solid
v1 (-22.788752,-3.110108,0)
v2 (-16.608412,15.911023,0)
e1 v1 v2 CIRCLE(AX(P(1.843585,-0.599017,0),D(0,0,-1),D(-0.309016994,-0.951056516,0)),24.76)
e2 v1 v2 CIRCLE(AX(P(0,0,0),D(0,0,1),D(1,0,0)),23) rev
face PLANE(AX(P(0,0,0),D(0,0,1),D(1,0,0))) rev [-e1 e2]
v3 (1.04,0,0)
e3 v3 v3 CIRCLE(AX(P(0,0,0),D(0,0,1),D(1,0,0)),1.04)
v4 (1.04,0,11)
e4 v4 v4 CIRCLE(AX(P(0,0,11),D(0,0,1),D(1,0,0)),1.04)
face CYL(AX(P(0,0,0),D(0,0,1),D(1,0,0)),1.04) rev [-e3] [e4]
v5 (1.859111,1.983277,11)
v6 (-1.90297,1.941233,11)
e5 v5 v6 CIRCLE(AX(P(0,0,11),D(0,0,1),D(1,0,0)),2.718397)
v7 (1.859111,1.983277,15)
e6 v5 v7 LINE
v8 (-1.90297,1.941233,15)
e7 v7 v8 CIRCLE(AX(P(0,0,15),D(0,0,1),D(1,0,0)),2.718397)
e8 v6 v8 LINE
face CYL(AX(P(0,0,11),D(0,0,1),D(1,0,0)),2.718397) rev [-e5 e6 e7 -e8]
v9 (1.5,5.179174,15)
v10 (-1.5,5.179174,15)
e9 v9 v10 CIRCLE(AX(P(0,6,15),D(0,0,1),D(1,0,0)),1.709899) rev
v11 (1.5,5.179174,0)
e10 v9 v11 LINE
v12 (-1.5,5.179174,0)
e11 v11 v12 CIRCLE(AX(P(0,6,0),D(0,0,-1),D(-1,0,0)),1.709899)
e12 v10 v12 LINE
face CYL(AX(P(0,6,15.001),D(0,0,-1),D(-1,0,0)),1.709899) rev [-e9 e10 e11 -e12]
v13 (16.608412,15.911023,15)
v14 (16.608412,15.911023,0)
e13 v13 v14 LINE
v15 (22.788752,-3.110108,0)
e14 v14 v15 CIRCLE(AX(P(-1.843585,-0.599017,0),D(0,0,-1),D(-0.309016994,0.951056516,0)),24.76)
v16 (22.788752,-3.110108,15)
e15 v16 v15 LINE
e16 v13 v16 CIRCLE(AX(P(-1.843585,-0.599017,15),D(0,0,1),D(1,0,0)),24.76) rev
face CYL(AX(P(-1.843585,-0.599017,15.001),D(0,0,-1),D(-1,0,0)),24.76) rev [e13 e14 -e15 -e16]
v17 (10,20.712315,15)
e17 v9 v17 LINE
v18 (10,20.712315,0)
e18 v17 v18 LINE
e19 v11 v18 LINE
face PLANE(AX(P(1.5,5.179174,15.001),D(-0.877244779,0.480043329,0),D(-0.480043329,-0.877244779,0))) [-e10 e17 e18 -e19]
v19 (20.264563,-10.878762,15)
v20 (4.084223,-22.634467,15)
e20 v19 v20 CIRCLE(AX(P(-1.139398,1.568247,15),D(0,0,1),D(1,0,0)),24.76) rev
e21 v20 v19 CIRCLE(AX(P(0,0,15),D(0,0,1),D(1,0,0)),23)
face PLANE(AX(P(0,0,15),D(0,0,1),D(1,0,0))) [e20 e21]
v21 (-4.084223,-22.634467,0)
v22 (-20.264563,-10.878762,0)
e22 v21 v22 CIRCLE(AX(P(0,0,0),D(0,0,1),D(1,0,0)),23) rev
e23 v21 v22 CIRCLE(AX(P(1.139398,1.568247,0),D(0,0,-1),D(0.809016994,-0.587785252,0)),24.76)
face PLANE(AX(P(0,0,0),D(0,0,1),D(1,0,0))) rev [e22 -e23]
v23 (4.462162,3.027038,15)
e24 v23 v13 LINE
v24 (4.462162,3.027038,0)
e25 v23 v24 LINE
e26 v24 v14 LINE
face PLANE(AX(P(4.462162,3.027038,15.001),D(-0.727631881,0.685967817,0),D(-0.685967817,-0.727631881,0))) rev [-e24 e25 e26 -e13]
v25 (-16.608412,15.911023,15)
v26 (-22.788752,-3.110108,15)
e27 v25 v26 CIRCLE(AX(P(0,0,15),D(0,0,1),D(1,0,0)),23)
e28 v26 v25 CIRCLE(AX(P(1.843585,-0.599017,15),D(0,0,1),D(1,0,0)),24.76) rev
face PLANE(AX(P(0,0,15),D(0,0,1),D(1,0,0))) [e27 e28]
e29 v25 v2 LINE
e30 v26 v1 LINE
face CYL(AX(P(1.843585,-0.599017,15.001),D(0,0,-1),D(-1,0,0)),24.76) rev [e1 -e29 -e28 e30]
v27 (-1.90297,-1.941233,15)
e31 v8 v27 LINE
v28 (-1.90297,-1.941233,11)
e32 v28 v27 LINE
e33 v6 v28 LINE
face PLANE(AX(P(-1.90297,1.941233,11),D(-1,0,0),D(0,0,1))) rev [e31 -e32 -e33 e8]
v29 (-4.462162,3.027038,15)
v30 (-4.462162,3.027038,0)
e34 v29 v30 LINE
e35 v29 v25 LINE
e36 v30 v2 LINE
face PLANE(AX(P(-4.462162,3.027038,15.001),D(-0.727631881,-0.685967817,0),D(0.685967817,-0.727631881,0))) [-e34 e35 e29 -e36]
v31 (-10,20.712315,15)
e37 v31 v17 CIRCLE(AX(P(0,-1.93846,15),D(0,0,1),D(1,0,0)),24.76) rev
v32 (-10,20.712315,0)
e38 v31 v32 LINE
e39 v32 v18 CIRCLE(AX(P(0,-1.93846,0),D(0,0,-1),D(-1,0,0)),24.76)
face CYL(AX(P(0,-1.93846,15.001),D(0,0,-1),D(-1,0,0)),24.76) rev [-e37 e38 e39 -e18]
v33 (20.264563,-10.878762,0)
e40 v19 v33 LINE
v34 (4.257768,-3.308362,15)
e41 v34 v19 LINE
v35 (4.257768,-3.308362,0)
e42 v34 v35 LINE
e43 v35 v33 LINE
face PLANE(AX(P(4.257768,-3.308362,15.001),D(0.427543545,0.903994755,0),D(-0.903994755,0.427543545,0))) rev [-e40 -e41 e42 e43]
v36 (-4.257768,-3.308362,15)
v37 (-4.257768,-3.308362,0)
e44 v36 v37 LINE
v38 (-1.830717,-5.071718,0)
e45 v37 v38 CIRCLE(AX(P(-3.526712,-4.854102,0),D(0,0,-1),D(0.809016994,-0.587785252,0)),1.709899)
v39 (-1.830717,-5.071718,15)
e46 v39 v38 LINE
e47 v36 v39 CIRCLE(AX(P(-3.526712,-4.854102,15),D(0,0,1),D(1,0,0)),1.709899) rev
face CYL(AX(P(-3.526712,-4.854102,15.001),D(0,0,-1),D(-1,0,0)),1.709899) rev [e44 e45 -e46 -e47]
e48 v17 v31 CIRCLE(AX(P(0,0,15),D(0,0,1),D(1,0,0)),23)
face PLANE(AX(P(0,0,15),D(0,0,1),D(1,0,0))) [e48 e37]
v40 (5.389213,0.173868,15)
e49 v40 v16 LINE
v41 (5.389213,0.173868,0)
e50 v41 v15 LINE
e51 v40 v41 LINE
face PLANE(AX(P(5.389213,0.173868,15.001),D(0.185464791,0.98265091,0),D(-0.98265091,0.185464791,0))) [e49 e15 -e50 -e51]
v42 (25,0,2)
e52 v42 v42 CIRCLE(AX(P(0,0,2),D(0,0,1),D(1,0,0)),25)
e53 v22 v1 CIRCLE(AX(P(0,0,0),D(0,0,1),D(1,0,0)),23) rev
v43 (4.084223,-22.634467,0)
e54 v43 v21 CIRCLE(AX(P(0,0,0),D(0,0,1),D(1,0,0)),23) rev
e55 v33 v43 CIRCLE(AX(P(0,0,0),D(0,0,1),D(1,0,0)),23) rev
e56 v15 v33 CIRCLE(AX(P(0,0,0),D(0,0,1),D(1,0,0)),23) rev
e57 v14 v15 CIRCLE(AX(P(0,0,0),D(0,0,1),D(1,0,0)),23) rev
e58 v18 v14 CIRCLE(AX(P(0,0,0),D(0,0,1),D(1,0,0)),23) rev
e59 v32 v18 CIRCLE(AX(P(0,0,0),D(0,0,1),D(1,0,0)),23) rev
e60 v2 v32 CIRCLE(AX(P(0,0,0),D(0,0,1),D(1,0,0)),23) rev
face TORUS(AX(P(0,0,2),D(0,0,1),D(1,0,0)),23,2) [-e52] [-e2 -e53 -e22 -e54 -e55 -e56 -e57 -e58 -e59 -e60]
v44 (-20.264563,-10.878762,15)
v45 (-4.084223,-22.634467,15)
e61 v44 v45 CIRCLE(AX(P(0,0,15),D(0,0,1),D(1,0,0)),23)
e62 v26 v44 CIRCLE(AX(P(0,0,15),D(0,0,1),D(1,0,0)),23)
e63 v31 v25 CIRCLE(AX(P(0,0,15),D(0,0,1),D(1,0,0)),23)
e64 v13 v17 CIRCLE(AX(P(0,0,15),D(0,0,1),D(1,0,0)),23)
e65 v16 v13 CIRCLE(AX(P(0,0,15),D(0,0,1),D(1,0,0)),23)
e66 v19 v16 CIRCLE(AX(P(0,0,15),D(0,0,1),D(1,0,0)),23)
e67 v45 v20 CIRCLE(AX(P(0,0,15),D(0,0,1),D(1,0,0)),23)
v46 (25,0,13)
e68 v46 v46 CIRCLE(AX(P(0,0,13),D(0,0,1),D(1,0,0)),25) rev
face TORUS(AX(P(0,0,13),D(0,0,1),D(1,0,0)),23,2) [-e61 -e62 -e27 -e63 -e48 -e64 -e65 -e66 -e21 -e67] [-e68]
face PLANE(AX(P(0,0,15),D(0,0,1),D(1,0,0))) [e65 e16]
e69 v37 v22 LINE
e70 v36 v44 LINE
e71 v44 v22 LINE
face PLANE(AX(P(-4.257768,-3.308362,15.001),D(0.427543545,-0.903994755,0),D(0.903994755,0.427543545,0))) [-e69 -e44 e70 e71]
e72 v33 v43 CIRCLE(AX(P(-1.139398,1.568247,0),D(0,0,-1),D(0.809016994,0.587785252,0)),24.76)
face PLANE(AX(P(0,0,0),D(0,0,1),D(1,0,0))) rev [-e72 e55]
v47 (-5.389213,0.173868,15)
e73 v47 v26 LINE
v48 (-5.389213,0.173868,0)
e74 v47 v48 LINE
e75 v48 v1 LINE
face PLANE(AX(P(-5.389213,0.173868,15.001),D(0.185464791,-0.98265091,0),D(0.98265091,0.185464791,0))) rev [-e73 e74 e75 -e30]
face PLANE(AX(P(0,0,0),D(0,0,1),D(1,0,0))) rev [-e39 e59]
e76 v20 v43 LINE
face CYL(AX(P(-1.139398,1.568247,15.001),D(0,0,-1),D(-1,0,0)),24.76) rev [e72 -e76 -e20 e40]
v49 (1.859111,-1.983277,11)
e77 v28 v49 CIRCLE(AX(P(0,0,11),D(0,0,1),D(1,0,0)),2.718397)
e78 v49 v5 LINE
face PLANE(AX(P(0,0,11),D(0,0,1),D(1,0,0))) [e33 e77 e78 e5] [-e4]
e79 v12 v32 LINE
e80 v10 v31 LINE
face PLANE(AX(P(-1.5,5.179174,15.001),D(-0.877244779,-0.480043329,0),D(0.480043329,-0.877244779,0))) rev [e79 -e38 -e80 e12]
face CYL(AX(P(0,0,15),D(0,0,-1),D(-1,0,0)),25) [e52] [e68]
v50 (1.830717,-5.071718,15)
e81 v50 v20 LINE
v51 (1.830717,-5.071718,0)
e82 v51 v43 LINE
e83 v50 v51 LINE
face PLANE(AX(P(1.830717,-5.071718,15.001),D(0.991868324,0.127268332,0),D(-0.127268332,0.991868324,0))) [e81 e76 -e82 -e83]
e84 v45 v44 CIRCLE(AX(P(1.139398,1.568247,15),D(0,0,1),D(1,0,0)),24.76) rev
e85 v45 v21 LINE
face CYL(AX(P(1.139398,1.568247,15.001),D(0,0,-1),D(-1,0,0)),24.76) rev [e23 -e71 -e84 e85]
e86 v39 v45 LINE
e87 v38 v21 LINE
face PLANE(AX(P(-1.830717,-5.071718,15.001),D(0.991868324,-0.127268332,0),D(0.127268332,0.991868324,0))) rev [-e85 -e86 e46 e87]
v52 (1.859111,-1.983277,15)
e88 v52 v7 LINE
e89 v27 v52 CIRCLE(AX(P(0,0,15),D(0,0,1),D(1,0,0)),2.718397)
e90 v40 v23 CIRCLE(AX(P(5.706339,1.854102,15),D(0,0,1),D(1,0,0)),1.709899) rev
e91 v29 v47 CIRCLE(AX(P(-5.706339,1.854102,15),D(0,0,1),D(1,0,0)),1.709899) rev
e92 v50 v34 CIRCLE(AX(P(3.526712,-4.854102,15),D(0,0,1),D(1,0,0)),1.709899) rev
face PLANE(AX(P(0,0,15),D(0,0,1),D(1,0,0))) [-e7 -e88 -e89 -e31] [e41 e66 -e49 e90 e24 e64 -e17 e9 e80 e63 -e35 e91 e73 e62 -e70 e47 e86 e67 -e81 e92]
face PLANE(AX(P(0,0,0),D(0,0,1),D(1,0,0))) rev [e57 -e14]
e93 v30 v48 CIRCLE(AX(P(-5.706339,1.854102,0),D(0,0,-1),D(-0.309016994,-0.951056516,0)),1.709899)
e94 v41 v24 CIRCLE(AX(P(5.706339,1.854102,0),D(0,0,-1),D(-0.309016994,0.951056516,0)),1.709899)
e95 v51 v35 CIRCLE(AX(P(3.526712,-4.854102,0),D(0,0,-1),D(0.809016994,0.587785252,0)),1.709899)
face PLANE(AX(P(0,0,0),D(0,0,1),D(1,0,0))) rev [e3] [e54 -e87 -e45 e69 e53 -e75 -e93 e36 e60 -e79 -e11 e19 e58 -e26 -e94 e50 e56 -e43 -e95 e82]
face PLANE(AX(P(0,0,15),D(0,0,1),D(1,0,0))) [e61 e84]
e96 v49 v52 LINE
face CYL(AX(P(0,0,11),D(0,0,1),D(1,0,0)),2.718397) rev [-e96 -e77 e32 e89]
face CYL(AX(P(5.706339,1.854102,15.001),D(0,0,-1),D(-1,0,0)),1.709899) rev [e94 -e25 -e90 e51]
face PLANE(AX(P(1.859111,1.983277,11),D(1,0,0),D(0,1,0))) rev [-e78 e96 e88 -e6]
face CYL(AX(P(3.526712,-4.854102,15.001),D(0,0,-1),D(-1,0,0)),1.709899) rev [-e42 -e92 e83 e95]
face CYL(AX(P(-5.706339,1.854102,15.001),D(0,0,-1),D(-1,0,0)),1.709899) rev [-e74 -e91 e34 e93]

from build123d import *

# Parameters (mm, degrees)
SKETCH1_R           = 25
BOSS_EXTRUDE1_DEPTH = 15
FILLET1_R           = 2
CUT_EXTRUDE1_DEPTH  = 4
SKETCH7_R           = 1.04
CUT_EXTRUDE2_DEPTH  = 39.405728804
CUT_EXTRUDE3_REACH  = 40.406
CIRPATTERN1_COUNT   = 5


with BuildPart() as part:
    # Sketch1 → Boss-Extrude1 (new body)
    with BuildSketch(Plane.XY):
        Circle(SKETCH1_R)
    extrude(amount=BOSS_EXTRUDE1_DEPTH)

    # Fillet1
    fillet1_edges = [part.edges().sort_by_distance(p)[0] for p in [
        (-25, 0, 0),
        (-25, 0, 15),
    ]]
    fillet(fillet1_edges, radius=FILLET1_R)

    # Sketch4 → Cut-Extrude1 (cut)
    with BuildSketch(Plane.XY.offset(15)):
        with BuildLine():
            Line((-1.902969848, 1.941233493), (-1.902969848, -1.941233493))
            ThreePointArc((-1.902969848, -1.941233493), (-0.030378036, -2.71822716), (1.859110772, -1.983277302))
            Line((1.859110772, -1.983277302), (1.859110772, 1.983277302))
            ThreePointArc((1.859110772, 1.983277302), (-0.030378036, 2.71822716), (-1.902969848, 1.941233493))
        make_face()
    extrude(amount=-CUT_EXTRUDE1_DEPTH, mode=Mode.SUBTRACT)

    # Sketch7 → Cut-Extrude2 (cut, through all)
    with BuildSketch(Plane.XY.offset(15)):
        Circle(SKETCH7_R)
    extrude(amount=-CUT_EXTRUDE2_DEPTH, mode=Mode.SUBTRACT)

    # Sketch8 → Cut-Extrude3 (cut, up to next)
    with BuildSketch(Plane(origin=(0, 0, 0), x_dir=(-1, 0, 0), z_dir=(0, 0, -1)), mode=Mode.PRIVATE) as cut_extrude3_sk1:
        with BuildLine():
            Line((-1.5, 5.179174375), (-10, 20.712315177))
            ThreePointArc((-10, 20.712315177), (0, 22.821540356), (10, 20.712315177))
            Line((10, 20.712315177), (1.5, 5.179174375))
            ThreePointArc((1.5, 5.179174375), (0, 4.290100966), (-1.5, 5.179174375))
        make_face()
    cut_extrude3_tool1 = extrude(cut_extrude3_sk1.sketch, amount=-CUT_EXTRUDE3_REACH, mode=Mode.PRIVATE) & part.part
    cut_extrude3 = cut_extrude3_tool1.solids().sort_by_distance((0, 15.677953, 0))[0]
    add(cut_extrude3, mode=Mode.SUBTRACT)

    # CirPattern1: Cut-Extrude3 ×5 about axis
    cirpattern1_axis = Axis((0, 0, 0), (0, 0, 1))
    for i in range(1, CIRPATTERN1_COUNT):
        add(cut_extrude3.rotate(cirpattern1_axis, i * 360 / CIRPATTERN1_COUNT), mode=Mode.SUBTRACT)


solid = part.part
